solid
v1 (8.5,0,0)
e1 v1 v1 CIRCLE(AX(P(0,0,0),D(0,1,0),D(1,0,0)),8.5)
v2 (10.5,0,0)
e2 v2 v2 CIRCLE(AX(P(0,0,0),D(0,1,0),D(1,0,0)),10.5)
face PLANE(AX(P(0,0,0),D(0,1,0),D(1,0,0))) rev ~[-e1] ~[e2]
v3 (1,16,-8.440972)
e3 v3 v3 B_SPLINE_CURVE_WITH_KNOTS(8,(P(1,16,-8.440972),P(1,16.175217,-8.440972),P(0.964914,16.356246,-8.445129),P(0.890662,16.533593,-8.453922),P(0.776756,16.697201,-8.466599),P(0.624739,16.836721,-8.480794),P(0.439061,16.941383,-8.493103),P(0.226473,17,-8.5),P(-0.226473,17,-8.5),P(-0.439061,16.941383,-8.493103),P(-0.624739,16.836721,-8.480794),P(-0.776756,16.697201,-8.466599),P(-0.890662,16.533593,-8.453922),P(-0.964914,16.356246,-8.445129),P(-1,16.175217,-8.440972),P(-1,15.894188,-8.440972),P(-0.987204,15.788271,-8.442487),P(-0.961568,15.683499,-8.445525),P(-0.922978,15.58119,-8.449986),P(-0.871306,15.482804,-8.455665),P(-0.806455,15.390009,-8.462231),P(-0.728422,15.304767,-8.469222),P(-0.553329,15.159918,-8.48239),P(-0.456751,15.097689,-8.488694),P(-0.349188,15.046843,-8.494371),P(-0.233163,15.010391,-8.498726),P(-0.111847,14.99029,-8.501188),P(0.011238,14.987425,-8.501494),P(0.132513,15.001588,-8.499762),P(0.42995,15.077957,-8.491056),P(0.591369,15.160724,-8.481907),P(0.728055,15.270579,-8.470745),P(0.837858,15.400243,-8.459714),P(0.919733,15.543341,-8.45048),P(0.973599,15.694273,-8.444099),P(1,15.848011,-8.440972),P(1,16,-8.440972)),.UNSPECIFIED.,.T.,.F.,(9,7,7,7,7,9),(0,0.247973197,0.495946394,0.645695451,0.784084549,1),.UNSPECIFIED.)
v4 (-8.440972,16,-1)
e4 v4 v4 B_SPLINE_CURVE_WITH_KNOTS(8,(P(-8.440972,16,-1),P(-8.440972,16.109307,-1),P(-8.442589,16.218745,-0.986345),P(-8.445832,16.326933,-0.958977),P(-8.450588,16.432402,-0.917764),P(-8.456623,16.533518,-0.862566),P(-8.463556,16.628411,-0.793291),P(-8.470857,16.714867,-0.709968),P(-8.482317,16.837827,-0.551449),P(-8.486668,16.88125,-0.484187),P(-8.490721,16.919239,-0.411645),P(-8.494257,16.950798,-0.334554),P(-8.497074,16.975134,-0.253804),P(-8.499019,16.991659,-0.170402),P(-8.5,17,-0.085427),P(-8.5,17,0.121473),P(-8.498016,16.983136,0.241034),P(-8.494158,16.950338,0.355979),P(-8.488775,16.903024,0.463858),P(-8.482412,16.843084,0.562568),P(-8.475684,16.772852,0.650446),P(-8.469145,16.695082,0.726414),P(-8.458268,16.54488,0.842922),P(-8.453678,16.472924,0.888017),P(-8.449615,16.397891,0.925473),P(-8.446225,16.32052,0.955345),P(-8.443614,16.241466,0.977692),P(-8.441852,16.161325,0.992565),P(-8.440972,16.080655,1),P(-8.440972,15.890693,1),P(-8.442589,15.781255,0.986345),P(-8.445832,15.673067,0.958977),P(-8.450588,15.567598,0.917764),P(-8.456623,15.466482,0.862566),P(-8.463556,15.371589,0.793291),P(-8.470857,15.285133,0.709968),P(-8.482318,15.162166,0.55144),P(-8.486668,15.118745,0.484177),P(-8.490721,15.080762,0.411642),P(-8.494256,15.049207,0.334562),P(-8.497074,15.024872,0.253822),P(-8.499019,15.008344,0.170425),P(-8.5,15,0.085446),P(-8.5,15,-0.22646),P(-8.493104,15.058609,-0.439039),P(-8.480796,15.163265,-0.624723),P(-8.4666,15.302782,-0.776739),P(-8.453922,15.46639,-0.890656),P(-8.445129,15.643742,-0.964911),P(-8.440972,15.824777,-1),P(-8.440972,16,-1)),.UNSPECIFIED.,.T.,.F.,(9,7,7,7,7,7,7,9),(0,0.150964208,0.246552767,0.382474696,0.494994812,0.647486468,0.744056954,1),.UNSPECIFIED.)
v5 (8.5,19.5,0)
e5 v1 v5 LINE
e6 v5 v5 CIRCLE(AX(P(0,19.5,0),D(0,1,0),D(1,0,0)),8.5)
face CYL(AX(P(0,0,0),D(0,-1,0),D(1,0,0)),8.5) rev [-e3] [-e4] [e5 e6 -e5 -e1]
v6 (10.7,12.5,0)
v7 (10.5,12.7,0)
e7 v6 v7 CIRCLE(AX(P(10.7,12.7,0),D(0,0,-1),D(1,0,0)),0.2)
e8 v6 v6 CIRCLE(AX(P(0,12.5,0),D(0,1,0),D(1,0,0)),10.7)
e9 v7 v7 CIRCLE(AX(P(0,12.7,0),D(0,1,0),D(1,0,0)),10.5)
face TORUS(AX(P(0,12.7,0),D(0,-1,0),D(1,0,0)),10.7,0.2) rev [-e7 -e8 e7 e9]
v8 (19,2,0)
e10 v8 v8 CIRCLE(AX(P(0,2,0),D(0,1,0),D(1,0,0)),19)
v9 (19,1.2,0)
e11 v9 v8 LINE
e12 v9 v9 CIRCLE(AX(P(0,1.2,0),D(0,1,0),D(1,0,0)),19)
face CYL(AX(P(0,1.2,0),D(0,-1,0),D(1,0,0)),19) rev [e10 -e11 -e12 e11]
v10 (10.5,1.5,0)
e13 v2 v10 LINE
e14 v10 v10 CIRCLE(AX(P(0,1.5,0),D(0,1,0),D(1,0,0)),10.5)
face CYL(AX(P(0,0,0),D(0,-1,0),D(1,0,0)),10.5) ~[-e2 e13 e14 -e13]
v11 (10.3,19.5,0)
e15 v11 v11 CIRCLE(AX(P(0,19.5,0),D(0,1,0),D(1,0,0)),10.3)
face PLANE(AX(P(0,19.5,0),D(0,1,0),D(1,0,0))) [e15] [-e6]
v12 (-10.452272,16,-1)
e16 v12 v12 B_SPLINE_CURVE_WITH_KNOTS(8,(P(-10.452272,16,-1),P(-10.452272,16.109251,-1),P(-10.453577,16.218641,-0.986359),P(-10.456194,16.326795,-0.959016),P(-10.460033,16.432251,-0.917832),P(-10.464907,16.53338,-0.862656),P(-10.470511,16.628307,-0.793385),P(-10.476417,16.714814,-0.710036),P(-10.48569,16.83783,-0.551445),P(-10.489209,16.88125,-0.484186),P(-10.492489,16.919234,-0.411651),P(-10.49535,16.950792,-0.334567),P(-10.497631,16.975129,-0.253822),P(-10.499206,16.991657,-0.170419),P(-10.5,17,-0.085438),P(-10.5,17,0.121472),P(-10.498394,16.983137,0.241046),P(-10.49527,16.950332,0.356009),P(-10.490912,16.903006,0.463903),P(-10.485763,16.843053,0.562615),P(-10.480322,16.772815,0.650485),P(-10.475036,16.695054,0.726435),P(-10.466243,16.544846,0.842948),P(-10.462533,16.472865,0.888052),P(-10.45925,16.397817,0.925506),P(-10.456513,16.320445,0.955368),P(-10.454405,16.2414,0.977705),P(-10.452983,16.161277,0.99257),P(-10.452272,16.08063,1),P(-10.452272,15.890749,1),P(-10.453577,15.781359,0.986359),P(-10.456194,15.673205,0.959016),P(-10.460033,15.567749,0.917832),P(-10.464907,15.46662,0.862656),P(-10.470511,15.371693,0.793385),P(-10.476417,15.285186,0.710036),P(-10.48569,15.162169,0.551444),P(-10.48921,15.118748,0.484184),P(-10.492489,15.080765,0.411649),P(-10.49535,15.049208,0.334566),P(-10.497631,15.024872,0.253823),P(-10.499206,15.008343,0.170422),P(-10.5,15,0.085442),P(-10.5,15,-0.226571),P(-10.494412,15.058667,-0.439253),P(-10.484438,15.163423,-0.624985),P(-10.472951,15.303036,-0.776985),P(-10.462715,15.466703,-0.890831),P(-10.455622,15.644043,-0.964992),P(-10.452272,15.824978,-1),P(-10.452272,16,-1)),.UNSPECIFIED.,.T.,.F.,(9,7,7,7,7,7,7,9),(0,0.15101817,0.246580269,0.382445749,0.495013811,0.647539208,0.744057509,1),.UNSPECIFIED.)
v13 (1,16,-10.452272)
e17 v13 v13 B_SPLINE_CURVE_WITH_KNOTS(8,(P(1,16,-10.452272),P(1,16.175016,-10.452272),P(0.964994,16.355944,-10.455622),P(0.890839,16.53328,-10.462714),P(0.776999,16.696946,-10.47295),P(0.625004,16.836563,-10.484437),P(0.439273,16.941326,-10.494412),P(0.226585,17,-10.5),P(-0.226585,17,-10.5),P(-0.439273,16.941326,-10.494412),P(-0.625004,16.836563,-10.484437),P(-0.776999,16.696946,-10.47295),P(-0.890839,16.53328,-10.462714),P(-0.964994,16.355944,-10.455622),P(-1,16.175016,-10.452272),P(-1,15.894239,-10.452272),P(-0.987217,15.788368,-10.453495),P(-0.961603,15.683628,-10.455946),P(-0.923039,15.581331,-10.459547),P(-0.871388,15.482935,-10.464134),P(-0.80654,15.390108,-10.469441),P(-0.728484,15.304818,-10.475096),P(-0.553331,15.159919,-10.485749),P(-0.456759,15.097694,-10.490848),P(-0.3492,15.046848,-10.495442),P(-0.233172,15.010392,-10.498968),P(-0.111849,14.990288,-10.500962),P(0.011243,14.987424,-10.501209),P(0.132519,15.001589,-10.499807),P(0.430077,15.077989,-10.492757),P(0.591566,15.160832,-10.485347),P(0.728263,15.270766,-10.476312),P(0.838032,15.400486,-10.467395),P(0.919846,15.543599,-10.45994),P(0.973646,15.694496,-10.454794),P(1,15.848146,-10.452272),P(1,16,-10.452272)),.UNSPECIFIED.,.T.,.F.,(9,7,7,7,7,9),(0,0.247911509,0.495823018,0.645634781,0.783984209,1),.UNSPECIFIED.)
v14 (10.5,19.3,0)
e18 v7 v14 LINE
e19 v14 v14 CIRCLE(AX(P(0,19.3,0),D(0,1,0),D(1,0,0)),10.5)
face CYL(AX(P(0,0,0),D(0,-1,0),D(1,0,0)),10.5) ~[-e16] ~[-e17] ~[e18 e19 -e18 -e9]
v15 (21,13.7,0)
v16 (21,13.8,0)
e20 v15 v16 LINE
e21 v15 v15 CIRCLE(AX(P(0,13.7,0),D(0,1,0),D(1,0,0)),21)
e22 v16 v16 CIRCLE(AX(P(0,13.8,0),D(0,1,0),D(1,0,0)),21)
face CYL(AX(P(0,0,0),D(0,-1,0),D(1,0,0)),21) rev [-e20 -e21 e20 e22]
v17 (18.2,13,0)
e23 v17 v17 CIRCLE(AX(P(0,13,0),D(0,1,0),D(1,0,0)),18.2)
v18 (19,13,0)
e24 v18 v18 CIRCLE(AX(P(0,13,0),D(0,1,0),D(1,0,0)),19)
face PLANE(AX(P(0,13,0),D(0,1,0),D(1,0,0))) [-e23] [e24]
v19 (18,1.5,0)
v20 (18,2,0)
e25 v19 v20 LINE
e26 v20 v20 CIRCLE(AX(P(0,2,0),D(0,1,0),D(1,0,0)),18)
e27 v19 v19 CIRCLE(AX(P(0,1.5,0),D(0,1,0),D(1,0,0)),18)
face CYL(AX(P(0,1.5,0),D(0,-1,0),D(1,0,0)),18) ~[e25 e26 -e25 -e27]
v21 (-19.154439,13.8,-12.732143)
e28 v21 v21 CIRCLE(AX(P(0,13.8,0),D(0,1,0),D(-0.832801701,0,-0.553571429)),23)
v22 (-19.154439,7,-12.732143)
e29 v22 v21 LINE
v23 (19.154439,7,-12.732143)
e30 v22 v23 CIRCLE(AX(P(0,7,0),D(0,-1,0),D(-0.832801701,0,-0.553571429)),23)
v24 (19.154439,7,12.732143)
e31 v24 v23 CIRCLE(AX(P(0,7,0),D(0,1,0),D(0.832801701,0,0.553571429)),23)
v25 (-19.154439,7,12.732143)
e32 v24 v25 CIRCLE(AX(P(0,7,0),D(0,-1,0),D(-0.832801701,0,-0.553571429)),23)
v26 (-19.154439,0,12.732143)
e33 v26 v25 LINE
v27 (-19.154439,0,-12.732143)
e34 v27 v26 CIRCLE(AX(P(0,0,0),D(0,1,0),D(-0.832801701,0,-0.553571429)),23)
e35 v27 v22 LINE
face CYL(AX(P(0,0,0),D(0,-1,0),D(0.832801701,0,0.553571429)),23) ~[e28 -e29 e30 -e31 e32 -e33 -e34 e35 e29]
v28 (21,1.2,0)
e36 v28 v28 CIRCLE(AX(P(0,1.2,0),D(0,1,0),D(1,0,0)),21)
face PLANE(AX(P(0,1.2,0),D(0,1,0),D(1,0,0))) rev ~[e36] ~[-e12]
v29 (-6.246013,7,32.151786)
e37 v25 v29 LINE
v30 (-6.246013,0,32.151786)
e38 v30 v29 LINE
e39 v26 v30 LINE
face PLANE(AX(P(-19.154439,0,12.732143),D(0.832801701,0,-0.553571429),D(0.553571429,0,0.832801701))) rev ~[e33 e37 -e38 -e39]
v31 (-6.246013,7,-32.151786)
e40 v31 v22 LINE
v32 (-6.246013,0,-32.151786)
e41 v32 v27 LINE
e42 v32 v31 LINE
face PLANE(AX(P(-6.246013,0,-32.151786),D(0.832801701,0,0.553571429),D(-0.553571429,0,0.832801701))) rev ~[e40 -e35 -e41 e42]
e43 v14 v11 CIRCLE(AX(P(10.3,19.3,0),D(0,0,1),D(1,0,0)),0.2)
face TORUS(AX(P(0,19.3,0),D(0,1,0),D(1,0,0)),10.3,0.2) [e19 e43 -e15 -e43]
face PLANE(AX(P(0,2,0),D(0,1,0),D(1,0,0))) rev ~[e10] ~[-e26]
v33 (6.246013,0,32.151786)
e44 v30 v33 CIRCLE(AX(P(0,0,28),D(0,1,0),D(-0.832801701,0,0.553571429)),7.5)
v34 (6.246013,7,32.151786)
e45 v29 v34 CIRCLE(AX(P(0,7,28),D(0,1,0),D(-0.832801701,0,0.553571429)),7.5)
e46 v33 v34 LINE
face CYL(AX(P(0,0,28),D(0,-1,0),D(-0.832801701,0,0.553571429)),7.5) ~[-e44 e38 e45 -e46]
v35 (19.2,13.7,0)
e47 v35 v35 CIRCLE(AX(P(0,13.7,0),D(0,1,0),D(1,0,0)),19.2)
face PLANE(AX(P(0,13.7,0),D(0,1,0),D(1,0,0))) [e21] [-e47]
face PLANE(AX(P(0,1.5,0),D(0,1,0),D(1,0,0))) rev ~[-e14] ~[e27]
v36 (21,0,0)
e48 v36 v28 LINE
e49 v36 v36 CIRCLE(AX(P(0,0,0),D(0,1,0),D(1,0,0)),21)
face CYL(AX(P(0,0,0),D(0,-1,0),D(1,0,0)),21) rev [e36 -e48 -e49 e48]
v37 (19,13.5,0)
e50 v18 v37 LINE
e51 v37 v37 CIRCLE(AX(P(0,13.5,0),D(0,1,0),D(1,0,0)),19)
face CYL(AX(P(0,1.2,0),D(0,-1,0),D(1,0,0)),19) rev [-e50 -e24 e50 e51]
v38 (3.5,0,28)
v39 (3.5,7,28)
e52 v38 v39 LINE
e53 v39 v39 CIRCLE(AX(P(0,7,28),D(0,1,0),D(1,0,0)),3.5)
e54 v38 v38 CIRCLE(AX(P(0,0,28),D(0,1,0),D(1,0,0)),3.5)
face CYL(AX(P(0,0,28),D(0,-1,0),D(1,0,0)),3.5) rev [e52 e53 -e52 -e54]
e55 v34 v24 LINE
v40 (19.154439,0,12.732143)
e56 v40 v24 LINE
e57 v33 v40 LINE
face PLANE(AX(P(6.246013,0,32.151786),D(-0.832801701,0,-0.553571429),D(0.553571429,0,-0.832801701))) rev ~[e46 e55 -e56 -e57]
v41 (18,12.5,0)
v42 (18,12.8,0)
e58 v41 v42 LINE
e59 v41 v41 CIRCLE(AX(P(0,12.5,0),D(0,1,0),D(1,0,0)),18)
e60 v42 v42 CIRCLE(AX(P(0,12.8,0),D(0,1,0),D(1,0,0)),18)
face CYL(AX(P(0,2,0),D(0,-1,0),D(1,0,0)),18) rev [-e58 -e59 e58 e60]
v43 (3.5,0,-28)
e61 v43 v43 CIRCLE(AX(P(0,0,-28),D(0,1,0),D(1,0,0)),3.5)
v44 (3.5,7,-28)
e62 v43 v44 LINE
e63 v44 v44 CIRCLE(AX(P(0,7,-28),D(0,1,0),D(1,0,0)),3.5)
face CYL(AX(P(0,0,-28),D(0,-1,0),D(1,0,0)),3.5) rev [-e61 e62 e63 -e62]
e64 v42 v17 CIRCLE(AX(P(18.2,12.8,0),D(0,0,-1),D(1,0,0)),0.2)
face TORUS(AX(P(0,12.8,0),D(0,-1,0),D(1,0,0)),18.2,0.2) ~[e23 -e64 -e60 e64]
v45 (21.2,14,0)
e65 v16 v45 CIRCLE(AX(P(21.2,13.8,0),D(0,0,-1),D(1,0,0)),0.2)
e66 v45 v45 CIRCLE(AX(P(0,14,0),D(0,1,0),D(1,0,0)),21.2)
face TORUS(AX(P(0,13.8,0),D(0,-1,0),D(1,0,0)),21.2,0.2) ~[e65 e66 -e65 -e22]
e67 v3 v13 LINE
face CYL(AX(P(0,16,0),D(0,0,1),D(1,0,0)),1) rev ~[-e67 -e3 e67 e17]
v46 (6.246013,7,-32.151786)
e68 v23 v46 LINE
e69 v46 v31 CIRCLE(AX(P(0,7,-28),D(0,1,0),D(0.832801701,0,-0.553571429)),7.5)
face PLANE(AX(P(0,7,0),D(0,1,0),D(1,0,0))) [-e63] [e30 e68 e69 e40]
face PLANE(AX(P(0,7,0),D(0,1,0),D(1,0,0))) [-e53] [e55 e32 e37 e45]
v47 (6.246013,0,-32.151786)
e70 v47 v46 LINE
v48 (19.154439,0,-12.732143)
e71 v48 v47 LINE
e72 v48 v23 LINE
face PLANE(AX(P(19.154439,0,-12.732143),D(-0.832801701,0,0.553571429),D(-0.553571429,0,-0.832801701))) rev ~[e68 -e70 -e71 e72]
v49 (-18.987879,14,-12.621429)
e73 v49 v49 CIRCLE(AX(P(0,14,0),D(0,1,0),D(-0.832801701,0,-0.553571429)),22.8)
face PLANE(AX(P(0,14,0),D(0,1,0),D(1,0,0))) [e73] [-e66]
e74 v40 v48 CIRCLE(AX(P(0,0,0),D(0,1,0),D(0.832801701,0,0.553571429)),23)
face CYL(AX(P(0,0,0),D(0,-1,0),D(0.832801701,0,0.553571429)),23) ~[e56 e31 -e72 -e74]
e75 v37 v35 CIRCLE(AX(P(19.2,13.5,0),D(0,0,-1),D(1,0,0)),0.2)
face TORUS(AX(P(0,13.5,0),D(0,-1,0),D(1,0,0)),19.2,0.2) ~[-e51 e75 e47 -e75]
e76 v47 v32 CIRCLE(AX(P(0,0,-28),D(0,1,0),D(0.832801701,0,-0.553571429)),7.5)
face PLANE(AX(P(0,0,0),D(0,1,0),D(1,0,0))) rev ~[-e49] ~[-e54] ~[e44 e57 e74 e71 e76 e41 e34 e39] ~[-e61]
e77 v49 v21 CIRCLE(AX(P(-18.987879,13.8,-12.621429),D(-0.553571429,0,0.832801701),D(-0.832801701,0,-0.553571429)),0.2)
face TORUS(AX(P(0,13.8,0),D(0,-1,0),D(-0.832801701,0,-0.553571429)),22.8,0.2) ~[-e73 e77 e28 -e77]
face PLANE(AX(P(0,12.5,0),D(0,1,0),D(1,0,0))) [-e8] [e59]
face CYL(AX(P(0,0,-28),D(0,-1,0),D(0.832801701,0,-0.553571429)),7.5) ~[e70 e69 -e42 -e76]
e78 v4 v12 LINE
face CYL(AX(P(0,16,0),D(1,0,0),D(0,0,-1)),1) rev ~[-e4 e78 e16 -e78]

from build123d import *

# Parameters (mm, degrees)
SKETCH1_R             = 3.4999999999999987
SKETCH1_R_2           = 20.999999999999996
EXTRUDE_A1_DEPTH      = 7
SKETCH1_3_R           = 20.999999999999996
EXTRUDE_A_DEPTH       = 14
SKETCH1_4_R           = 10.5
SKETCH1_4_R_2         = 8.5
EXTRUDE_A0_DEPTH      = 19.5
BEARING_START         = 2
SKETCH1_7_R           = 18.999999999999996
SKETCH1_7_R_2         = 17.999999999999996
BEARING_OUTER_D_DEPTH = 11
BOSS_EXTRUDE6_START   = 1.2
SKETCH1_8_R           = 20.999999999999996
SKETCH1_8_R_2         = 18.999999999999996
BOSS_EXTRUDE6_DEPTH   = 12.5
BOSS_EXTRUDE7_START   = 1.5
SKETCH1_9_R           = 17.999999999999996
SKETCH1_9_R_2         = 10.5
BOSS_EXTRUDE7_DEPTH   = 11
CUT_EXTRUDE1_REACH    = 48.578
SKETCH2_R             = 1.0000000000000013
CUT_EXTRUDE2_REACH    = 48.578
SKETCH3_R             = 1.000000000000002
FILLET1_R             = 0.2
FILLET2_R             = 0.2


with BuildPart() as part:
    # Sketch1 → Extrude A1 (new body)
    with BuildSketch(Plane(origin=(0, 0, 0), x_dir=(1, 0, 0), z_dir=(0, 1, 0))):
        with BuildLine():
            Line((6.246012758764824, -32.15178571428571), (19.15443912687881, -12.732142857142854))
            ThreePointArc((19.154439126878817, -12.732142857142858), (23, 0), (19.154439126878817, 12.732142857142858))
            Line((19.15443912687881, 12.732142857142854), (6.246012758764824, 32.15178571428571))
            ThreePointArc((6.246012758764825, 32.15178571428571), (6.7e-16, 35.49999999999999), (-6.246012758764825, 32.15178571428571))
            Line((-6.246012758764824, 32.15178571428571), (-19.15443912687881, 12.732142857142854))
            ThreePointArc((-19.154439126878813, 12.732142857142863), (-23, 2.82e-15), (-19.154439126878817, -12.732142857142858))
            Line((-19.15443912687881, -12.732142857142854), (-6.246012758764824, -32.15178571428571))
            ThreePointArc((-6.246012758764825, -32.15178571428571), (-2.2e-16, -35.49999999999999), (6.246012758764825, -32.15178571428571))
        make_face()
        with Locations((0, -28)):
            Circle(SKETCH1_R, mode=Mode.SUBTRACT)
        Circle(SKETCH1_R_2, mode=Mode.SUBTRACT)
        with Locations((0, 28)):
            Circle(SKETCH1_R, mode=Mode.SUBTRACT)
    extrude(amount=EXTRUDE_A1_DEPTH)

    # Sketch1<3> → Extrude A (add)
    with BuildSketch(Plane(origin=(0, 0, 0), x_dir=(1, 0, 0), z_dir=(0, 1, 0))):
        with BuildLine():
            ThreePointArc((-19.154439126878817, -12.732142857142858), (-4.23e-15, -23), (19.154439126878817, -12.732142857142856))
            ThreePointArc((19.154439126878817, -12.732142857142856), (22.017630434701786, -6.650109024737387), (23, -5.63e-15))
            ThreePointArc((23, 0), (22.017630434701786, 6.650109024737384), (19.154439126878817, 12.732142857142858))
            ThreePointArc((19.154439126878817, 12.732142857142858), (1.41e-15, 23), (-19.154439126878813, 12.732142857142863))
            ThreePointArc((-19.154439126878813, 12.732142857142863), (-23, 2.82e-15), (-19.154439126878817, -12.732142857142858))
        make_face()
        Circle(SKETCH1_3_R, mode=Mode.SUBTRACT)
    extrude(amount=EXTRUDE_A_DEPTH)



with BuildPart() as body_2:
    # Sketch1<4> → Extrude A0 (new body)
    with BuildSketch(Plane(origin=(0, 0, 0), x_dir=(1, 0, 0), z_dir=(0, 1, 0))):
        Circle(SKETCH1_4_R)
        Circle(SKETCH1_4_R_2, mode=Mode.SUBTRACT)
    extrude(amount=EXTRUDE_A0_DEPTH)


with BuildPart() as body_3:
    # Sketch1<7> → Bearing outer d (new body)
    with BuildSketch(Plane(origin=(0, 0, 0), x_dir=(1, 0, 0), z_dir=(0, 1, 0)).offset(BEARING_START)):
        Circle(SKETCH1_7_R)
        Circle(SKETCH1_7_R_2, mode=Mode.SUBTRACT)
    extrude(amount=BEARING_OUTER_D_DEPTH)


with BuildPart() as part_1:
    add(part.part)

    add(body_3.part)  # Boss-Extrude6 merges body 3
    # Sketch1<8> → Boss-Extrude6 (add)
    with BuildSketch(Plane(origin=(0, 0, 0), x_dir=(1, 0, 0), z_dir=(0, 1, 0)).offset(BOSS_EXTRUDE6_START)):
        Circle(SKETCH1_8_R)
        Circle(SKETCH1_8_R_2, mode=Mode.SUBTRACT)
    extrude(amount=BOSS_EXTRUDE6_DEPTH)


    add(body_2.part)  # Boss-Extrude7 merges body 2
    # Sketch1<9> → Boss-Extrude7 (add)
    with BuildSketch(Plane(origin=(0, 0, 0), x_dir=(1, 0, 0), z_dir=(0, 1, 0)).offset(BOSS_EXTRUDE7_START)):
        Circle(SKETCH1_9_R)
        Circle(SKETCH1_9_R_2, mode=Mode.SUBTRACT)
    extrude(amount=BOSS_EXTRUDE7_DEPTH)

    # Sketch2 → Cut-Extrude1 (cut, up to next)
    with BuildSketch(Plane(origin=(0, 0, 0), x_dir=(0, 0, -1), z_dir=(1, 0, 0)), mode=Mode.PRIVATE) as cut_extrude1_sk1:
        with Locations((-8.7e-16, 16)):
            Circle(SKETCH2_R)
    cut_extrude1_tool1 = extrude(cut_extrude1_sk1.sketch, amount=-CUT_EXTRUDE1_REACH, mode=Mode.PRIVATE) & part_1.part
    add(cut_extrude1_tool1.solids().sort_by_distance((0, 16, 0))[0], mode=Mode.SUBTRACT)

    # Sketch3 → Cut-Extrude2 (cut, up to next)
    with BuildSketch(Plane.XY, mode=Mode.PRIVATE) as cut_extrude2_sk1:
        with Locations((0, 16)):
            Circle(SKETCH3_R)
    cut_extrude2_tool1 = extrude(cut_extrude2_sk1.sketch, amount=-CUT_EXTRUDE2_REACH, mode=Mode.PRIVATE) & part_1.part
    add(cut_extrude2_tool1.solids().sort_by_distance((0, 16, 0))[0], mode=Mode.SUBTRACT)

    # Fillet1
    fillet1_edges = [part_1.edges().sort_by_distance(p)[0] for p in [
        (-17.999999999999996, 13, -2.2e-15),
    ]]
    fillet(fillet1_edges, radius=FILLET1_R)

    # Fillet2
    fillet2_edges = [part_1.edges().sort_by_distance(p)[0] for p in [
        (-10.5, 19.5, -1.29e-15),
        (-10.5, 12.5, -1.29e-15),
        (-19.154439126878817, 14, -12.732142857142891),
        (-20.999999999999996, 14, -2.57e-15),
        (-18.999999999999996, 13.7, -2.33e-15),
    ]]
    fillet(fillet2_edges, radius=FILLET2_R)


solid = part_1.part
